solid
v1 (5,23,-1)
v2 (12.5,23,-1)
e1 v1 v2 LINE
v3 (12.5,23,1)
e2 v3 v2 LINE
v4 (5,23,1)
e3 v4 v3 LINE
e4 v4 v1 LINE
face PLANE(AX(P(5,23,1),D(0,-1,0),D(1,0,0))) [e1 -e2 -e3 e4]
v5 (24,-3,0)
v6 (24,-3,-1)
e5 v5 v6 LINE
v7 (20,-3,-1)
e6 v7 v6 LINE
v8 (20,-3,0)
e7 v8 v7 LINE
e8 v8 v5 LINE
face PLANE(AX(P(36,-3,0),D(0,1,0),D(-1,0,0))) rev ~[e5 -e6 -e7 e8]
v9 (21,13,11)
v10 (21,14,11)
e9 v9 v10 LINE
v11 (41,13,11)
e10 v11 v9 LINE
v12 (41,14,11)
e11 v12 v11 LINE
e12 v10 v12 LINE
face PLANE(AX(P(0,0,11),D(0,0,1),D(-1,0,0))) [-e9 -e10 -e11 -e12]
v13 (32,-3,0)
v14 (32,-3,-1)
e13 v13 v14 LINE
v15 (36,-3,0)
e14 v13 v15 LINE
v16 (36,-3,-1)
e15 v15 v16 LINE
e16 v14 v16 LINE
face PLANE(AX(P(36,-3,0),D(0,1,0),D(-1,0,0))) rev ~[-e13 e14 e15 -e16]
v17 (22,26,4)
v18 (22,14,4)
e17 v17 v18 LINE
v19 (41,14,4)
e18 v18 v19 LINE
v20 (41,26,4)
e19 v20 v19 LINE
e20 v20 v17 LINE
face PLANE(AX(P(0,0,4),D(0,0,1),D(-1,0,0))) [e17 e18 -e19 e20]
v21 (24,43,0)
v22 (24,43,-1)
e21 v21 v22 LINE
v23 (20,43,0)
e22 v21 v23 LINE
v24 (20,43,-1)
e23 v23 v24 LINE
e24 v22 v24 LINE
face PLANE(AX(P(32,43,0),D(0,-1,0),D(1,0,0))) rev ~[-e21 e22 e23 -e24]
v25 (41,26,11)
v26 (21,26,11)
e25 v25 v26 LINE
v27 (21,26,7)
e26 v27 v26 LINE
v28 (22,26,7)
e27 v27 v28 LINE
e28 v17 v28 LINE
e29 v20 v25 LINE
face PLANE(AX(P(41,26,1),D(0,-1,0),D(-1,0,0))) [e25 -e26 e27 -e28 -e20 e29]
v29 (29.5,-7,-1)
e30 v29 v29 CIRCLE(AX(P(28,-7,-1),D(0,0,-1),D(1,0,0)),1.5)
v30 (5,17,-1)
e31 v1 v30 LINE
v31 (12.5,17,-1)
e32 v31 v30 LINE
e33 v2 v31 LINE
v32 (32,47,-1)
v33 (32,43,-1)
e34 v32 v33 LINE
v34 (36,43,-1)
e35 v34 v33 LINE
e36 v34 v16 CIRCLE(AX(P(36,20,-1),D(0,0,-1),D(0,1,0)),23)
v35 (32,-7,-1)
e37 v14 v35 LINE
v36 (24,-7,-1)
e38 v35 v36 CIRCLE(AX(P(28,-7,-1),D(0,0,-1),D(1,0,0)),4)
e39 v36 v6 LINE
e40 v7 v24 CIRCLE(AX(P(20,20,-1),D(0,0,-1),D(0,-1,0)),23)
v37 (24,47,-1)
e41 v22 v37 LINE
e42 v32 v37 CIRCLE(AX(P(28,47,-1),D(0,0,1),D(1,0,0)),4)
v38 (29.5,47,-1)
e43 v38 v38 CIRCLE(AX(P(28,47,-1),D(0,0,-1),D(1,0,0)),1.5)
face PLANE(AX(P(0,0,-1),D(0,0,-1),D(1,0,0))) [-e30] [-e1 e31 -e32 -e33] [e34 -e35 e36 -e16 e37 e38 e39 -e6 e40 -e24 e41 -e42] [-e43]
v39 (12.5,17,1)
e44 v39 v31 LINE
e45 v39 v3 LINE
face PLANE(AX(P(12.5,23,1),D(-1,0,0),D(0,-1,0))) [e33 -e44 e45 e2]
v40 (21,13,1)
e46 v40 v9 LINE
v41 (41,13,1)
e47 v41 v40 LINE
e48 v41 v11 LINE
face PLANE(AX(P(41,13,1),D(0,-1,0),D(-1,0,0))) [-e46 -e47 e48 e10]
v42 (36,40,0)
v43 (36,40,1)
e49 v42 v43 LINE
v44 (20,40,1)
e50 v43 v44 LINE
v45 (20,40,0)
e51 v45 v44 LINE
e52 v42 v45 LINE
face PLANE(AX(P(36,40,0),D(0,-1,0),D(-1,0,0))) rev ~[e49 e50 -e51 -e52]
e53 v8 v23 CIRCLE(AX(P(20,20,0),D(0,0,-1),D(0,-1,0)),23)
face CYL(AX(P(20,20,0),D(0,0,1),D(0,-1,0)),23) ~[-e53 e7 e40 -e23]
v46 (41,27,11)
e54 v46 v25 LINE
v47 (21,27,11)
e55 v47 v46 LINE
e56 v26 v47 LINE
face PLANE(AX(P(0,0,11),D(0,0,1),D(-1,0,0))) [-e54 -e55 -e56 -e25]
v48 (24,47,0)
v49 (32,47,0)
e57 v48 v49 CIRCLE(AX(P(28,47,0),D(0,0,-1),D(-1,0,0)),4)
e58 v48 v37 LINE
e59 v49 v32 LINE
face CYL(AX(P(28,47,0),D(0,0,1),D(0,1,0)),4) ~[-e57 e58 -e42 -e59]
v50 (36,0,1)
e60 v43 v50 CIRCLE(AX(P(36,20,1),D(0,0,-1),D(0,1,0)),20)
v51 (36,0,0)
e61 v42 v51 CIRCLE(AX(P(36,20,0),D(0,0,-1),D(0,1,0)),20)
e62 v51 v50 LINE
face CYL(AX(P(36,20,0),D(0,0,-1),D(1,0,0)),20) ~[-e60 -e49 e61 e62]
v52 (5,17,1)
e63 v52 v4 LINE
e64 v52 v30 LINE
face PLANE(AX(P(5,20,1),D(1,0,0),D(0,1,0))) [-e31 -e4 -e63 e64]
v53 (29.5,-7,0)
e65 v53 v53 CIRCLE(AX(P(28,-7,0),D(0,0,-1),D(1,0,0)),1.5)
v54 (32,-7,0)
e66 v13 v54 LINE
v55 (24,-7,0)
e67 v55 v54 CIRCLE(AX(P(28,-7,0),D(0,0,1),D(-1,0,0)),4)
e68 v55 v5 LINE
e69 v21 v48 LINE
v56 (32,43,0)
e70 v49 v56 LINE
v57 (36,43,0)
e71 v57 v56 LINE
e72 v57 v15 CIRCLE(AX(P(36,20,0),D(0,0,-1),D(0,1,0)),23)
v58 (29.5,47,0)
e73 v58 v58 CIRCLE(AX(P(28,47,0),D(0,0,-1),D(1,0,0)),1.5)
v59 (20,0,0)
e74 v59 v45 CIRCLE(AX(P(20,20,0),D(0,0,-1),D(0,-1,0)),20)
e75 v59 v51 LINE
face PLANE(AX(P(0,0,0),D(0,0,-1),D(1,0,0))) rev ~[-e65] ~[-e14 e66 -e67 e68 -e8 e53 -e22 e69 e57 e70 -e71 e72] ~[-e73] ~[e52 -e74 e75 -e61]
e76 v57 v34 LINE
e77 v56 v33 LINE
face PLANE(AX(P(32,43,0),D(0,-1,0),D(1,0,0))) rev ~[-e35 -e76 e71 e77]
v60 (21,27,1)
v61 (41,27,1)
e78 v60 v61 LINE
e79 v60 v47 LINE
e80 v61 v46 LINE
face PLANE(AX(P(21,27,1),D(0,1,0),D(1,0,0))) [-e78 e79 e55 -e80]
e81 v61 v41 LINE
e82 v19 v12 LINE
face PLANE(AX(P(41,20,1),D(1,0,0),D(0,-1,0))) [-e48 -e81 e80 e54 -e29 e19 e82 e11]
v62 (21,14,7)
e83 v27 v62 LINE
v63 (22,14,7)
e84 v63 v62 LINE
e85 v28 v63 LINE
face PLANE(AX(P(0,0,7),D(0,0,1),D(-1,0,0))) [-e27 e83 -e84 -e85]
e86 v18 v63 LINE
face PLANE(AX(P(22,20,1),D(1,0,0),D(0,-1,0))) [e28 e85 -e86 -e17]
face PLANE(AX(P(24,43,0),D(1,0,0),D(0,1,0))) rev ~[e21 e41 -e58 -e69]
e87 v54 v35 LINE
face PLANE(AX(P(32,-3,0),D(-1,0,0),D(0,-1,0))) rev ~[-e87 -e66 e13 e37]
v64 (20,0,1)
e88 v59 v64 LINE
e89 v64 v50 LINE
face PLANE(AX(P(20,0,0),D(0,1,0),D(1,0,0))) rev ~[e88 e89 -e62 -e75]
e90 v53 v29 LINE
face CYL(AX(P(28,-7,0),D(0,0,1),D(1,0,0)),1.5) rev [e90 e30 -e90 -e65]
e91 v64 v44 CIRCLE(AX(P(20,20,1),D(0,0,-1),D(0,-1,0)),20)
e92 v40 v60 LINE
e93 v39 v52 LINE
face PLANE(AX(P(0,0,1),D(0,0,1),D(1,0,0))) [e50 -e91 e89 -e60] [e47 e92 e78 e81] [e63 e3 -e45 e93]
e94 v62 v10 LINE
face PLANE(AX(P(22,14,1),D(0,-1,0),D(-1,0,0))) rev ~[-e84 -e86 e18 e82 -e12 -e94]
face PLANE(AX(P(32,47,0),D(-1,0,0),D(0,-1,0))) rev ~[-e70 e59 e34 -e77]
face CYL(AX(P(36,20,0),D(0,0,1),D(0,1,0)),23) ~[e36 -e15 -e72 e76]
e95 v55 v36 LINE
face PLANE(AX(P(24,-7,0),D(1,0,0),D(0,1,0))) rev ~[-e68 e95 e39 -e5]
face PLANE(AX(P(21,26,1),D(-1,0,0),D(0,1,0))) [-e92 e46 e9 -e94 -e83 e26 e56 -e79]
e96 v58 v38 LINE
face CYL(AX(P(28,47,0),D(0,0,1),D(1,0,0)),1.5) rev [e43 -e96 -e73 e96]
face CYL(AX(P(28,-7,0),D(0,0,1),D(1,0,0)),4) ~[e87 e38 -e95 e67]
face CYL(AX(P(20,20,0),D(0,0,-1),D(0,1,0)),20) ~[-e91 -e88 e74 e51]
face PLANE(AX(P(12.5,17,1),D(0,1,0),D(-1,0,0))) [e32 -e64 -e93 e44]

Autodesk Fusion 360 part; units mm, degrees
sketch "Sketch1" plane through (0, 0, 0) normal (0, 0, 1) x (1, 0, 0)
  line L0 (20, 0) -> (36, 0)
  line L1 (56, 20) -> (56, 20)
  line L2 (36, 40) -> (20, 40)
  line L3 (0, 20) -> (0, 20)
  arc A0 (20, 40) -> (0, 20) centre (20, 20) ccw
  arc A1 (56, 20) -> (36, 40) centre (36, 20) ccw
  arc A2 (0, 20) -> (20, 0) centre (20, 20) ccw
  arc A3 (36, 0) -> (56, 20) centre (36, 20) ccw
  point P0 (55, 0)
  point P1 (0, 40)
  dimension "d1" = 55
  dimension "d2" = 40
  dimension "d3" = 20
  dimension "d4" = 20
  dimension "d5" = 20
  dimension "d6" = 20
extrude "Extrude1" add sketch "Sketch1" along normal blind 1
sketch "Sketch2" plane through (0, 0, 0) normal (0, 0, -1) x (1, 0, 0)
  arc A0 (36, -40) -> (36, 0) centre (36, -20) ccw
  line L0 (36, 0) -> (20, 0)
  arc A1 (20, 0) -> (20, -40) centre (20, -20) ccw
  line L1 (20, -40) -> (36, -40)
  arc A2 (36, -43) -> (36, 3) centre (36, -20) ccw
  line L2 (36, 3) -> (20, 3)
  arc A3 (20, 3) -> (20, -43) centre (20, -20) ccw
  line L3 (20, -43) -> (36, -43)
  line L4 (28, 0) -> (28, 8) construction
  line L5 (28, 0) -> (24, 0) construction
  line L6 (24, 0) -> (32, 0)
  line L7 (32, 0) -> (32, 7)
  line L8 (28, 11) -> (28, 11)
  line L9 (24, 7) -> (24, 0)
  arc A4 (28, 11) -> (24, 7) centre (28, 7) ccw
  arc A5 (32, 7) -> (28, 11) centre (28, 7) ccw
  line L10 (0, -20) -> (56, -20)
  line L11 (28, -40) -> (28, -48) construction
  line L12 (28, -40) -> (32, -40)
  line L13 (32, -40) -> (24, -40)
  line L14 (24, -40) -> (24, -47)
  line L15 (28, -51) -> (28, -51)
  line L16 (32, -47) -> (32, -40)
  arc A6 (24, -47) -> (28, -51) centre (28, -47) ccw
  arc A7 (28, -51) -> (32, -47) centre (28, -47) ccw
  circle A8 centre (28, 7) radius 1.5
  circle A9 centre (28, -47) radius 1.5
  point P0 (24, 11)
  point P1 (32, -51)
  dimension "d9" = 3
  dimension "d12" = 8
  dimension "d13" = 4
  dimension "d14" = 8
  dimension "d15" = 11
  dimension "d16" = 4
  dimension "d17" = 4
  dimension "d18" = 8
  dimension "d19" = 4
  dimension "d20" = 8
  dimension "d21" = 11
  dimension "d22" = 4
  dimension "d23" = 4
  dimension "d26" = 3
  dimension "d27" = 3
extrude "Extrude2" add sketch "Sketch2" along normal blind 1 contours A0 A1 L1 L10 L12 L13 | A0 L0 L1 A2 L2 L3 L7 L16 | A0 L0 A1 L6 L10 | L1 L3 L12 L13 L14 L16 | L0 A1 L1 L2 A3 L3 L9 L14 | L0 L2 L6 L7 L9
extrude "Extrude3" add sketch "Sketch2" along normal up to surface (1 mm away) contours L3 L14 L16 A6 A7 | L2 L7 L9 A4 A5 | A8 | A9
extrude "Extrude4" cut sketch "Sketch2" along normal up to surface (1 mm away) contours A8 | A9
sketch "Sketch3" plane through (0, 0, 1) normal (0, 0, 1) x (-1, 0, 0)
  arc A0 (-36, 0) -> (-36, -40) centre (-36, -20) ccw
  line L0 (-36, -40) -> (-20, -40)
  arc A1 (-20, -40) -> (-20, 0) centre (-20, -20) ccw
  line L1 (-20, 0) -> (-36, 0)
  line L2 (0, -20) -> (-56, -20)
  line L3 (-21, -20) -> (-21, -26) construction
  line L4 (-21, -26) -> (-22, -26)
  line L5 (-22, -26) -> (-22, -14)
  line L6 (-22, -14) -> (-21, -14)
  line L7 (-21, -14) -> (-21, -26)
  line L8 (-21, -27) -> (-41, -27)
  line L9 (-41, -27) -> (-41, -26)
  line L10 (-41, -26) -> (-21, -26)
  line L11 (-21, -26) -> (-21, -27)
  line L12 (-21, -14) -> (-41, -14)
  line L13 (-41, -14) -> (-41, -13)
  line L14 (-41, -13) -> (-21, -13)
  line L15 (-21, -13) -> (-21, -14)
  line L16 (-5, -23) -> (-12.5, -23)
  line L17 (-12.5, -23) -> (-12.5, -17)
  line L18 (-12.5, -17) -> (-5, -17)
  line L19 (-5, -17) -> (-5, -23)
  line L20 (-22, -26) -> (-41, -26)
  line L21 (-41, -26) -> (-41, -14)
  line L22 (-41, -14) -> (-22, -14)
  line L23 (-22, -14) -> (-22, -26)
  dimension "d34" = 6
  dimension "d35" = 1
  dimension "d36" = 12
  dimension "d37" = 20
  dimension "d38" = 20
  dimension "d44" = 7.5
  dimension "d45" = 6
extrude "Extrude5" add sketch "Sketch3" along normal blind 6 contours L2 L5 L6 L7 L12 L23 | L2 L4 L5 L7 L10 L23
extrude "Extrude6" add sketch "Sketch3" along normal blind 10 contours L4 L8 L9 L10 L11 L20 | L6 L12 L13 L14 L15 L22
extrude "Extrude7" cut sketch "Sketch3" against normal up to surface (2 mm away) contours L2 L16 L17 L19 | L2 L17 L18 L19
extrude "Extrude8" add sketch "Sketch3" along normal blind 3 contours L2 L5 L12 L21 L22 L23 | L2 L5 L10 L20 L21 L23
